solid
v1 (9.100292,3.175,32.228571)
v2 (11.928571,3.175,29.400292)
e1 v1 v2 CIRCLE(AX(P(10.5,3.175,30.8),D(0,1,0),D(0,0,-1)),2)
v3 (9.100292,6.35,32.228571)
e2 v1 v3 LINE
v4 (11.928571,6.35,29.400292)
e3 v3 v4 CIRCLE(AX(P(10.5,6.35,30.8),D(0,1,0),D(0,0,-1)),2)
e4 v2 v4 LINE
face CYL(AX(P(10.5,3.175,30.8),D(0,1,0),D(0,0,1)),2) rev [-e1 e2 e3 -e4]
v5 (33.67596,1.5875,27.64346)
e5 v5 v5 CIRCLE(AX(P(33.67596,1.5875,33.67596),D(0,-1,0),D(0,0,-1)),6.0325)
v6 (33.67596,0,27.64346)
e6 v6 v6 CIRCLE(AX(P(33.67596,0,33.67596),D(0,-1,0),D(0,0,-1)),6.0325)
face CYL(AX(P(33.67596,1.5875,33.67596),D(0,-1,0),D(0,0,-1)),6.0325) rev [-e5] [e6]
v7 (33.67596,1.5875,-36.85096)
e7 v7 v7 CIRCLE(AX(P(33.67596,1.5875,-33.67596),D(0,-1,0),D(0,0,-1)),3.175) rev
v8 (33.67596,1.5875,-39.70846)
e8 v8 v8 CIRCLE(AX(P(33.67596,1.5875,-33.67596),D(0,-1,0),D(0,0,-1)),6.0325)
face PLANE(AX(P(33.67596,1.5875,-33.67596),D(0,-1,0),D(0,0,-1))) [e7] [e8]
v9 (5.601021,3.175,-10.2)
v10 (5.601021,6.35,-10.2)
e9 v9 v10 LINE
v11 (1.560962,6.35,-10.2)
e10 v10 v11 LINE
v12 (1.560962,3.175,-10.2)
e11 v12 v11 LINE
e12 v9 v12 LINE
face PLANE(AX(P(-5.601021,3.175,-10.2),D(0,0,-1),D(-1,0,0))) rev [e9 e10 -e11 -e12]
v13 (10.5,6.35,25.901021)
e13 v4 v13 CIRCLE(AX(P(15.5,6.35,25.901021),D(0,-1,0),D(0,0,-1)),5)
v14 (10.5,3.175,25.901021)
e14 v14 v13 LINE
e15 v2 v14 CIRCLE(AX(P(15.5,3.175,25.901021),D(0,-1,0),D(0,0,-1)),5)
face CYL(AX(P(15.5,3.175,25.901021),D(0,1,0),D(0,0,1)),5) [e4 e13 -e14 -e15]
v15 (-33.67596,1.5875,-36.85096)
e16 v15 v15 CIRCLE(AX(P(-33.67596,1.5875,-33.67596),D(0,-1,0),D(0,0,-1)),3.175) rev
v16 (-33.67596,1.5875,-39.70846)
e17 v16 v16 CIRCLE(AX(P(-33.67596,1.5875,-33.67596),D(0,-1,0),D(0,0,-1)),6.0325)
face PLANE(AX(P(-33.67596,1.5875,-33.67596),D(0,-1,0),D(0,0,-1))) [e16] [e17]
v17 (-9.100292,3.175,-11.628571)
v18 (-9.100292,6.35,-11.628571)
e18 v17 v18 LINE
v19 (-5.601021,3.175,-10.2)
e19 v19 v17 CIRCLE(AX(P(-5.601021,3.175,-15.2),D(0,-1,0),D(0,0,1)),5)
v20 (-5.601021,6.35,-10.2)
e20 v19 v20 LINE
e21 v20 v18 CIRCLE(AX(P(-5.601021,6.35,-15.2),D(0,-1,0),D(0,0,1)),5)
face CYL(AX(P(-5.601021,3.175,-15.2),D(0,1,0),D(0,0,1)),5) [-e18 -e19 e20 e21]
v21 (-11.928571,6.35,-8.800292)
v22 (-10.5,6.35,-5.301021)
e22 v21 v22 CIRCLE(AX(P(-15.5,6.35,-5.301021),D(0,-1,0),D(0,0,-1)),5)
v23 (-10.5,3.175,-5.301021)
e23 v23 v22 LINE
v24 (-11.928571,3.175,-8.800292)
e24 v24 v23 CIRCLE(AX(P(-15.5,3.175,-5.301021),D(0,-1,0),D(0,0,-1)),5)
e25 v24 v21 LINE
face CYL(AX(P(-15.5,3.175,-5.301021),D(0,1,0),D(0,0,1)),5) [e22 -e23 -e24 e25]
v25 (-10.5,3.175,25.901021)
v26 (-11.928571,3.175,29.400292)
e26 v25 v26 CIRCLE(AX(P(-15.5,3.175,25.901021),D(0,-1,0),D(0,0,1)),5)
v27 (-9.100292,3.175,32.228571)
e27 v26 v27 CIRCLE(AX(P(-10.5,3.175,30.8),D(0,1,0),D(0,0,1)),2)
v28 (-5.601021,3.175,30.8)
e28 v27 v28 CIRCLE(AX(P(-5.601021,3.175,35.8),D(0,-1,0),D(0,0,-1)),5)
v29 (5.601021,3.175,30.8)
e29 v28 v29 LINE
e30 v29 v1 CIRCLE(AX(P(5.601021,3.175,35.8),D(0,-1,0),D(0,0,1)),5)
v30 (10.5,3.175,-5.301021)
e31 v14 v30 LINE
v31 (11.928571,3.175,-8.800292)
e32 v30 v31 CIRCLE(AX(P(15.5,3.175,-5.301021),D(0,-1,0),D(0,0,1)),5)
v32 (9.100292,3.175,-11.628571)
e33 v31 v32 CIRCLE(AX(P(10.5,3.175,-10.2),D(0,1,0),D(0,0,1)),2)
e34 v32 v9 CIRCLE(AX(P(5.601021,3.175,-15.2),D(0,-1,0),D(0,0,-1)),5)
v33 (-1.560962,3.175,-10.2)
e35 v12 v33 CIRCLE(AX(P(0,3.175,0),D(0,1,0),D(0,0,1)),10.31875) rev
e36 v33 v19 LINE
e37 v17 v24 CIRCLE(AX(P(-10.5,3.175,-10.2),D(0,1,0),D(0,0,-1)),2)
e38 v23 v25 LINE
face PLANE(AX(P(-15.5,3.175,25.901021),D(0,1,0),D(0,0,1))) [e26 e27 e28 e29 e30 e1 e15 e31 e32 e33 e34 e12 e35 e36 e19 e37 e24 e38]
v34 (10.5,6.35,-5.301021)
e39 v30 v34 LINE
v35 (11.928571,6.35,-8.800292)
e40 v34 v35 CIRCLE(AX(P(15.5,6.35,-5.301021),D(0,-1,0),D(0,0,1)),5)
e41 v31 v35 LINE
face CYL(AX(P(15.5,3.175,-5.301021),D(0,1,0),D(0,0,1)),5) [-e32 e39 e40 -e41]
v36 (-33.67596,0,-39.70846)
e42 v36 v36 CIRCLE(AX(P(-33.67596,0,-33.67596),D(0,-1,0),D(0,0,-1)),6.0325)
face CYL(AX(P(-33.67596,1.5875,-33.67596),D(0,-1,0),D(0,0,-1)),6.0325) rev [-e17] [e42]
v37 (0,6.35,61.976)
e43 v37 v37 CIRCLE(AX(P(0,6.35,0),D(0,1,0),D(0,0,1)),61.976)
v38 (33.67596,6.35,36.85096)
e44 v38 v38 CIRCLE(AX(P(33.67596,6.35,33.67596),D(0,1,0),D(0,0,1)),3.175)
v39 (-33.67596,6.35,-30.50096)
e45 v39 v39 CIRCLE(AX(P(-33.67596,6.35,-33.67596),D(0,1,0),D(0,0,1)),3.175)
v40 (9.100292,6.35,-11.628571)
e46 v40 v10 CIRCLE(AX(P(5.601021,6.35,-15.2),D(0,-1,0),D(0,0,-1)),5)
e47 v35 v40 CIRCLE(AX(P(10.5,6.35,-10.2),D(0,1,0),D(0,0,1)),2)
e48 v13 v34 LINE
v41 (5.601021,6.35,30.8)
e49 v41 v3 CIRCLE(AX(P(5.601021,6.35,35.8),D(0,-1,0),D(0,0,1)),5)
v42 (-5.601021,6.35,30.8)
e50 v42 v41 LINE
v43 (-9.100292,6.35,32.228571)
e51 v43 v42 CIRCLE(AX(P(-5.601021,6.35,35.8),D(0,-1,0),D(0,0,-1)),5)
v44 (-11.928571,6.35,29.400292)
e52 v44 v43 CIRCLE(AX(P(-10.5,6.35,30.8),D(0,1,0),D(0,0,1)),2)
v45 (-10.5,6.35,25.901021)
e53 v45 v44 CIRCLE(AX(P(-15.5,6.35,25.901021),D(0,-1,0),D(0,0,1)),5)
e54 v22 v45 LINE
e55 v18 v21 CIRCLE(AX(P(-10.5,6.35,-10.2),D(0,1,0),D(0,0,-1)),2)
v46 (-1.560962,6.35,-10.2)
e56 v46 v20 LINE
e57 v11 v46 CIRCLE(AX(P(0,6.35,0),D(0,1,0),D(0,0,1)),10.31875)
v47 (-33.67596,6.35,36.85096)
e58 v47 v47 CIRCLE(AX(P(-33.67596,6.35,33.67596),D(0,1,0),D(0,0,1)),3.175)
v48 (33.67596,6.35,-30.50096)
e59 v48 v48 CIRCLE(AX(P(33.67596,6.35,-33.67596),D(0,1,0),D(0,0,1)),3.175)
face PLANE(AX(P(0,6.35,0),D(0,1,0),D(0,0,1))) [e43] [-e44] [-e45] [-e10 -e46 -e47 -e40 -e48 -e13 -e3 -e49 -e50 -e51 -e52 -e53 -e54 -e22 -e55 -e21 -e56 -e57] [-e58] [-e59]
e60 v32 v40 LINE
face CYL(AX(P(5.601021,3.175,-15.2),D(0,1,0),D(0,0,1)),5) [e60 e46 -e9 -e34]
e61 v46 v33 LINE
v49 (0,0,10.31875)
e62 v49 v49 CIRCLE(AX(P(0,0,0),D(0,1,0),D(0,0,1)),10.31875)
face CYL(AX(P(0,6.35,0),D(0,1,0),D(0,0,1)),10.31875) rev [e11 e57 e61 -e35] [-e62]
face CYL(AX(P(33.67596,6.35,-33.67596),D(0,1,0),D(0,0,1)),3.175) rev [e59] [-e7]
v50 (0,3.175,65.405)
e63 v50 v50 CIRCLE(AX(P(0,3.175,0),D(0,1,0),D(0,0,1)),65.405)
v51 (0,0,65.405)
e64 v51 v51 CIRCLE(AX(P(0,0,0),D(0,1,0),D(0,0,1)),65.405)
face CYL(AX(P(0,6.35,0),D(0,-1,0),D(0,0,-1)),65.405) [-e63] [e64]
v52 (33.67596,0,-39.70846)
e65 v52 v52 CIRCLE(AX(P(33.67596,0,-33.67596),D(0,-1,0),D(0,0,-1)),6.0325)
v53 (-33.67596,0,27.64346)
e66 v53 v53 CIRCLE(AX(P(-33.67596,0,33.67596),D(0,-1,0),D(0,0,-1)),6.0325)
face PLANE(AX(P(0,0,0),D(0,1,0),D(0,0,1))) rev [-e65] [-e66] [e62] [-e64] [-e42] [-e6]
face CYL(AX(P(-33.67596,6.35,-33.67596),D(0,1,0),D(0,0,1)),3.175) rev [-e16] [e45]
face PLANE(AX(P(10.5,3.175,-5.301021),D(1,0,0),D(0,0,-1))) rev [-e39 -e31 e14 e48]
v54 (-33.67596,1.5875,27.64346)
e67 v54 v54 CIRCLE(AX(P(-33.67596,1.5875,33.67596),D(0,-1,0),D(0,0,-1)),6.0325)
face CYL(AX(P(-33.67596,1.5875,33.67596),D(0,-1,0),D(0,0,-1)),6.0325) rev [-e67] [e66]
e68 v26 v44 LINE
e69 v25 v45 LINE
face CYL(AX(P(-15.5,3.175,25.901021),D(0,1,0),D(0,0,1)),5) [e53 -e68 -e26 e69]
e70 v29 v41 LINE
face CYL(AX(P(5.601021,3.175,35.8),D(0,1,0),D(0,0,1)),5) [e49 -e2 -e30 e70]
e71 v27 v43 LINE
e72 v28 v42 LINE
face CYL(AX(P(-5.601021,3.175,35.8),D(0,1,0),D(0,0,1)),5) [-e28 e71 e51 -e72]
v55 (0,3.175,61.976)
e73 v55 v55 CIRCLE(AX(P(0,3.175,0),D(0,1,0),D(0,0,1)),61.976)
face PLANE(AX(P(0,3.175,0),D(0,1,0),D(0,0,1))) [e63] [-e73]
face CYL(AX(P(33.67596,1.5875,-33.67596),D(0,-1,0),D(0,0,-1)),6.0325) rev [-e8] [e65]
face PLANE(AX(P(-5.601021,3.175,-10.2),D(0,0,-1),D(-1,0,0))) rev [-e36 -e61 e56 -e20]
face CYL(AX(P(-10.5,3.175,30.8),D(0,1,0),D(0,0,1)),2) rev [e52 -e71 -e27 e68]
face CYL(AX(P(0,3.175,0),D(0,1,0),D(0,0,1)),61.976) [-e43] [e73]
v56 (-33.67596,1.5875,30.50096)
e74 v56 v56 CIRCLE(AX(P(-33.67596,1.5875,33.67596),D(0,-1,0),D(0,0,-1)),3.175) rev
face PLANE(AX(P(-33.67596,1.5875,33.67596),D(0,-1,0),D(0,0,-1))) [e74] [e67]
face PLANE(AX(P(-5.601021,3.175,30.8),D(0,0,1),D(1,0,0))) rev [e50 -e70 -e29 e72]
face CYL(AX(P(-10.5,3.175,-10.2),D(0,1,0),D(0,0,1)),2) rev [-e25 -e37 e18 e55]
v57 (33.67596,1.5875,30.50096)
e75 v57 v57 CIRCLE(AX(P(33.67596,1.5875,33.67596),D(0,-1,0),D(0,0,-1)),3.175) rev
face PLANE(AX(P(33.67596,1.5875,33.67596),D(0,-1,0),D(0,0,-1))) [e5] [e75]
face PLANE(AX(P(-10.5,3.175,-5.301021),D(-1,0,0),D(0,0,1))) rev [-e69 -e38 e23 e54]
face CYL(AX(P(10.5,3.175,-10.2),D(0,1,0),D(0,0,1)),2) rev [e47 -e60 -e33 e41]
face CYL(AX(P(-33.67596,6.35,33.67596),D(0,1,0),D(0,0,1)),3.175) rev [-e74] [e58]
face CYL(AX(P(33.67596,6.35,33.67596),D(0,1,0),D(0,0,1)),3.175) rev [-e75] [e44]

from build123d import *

# Parameters (mm, degrees)
SKETCH2_R                       = 65.405
BOSS_EXTRUDE1_DEPTH             = 6.35
SKETCH4_R                       = 65.405
SKETCH4_R_2                     = 61.976
CUT_EXTRUDE1_DEPTH              = 3.175
F_1_4_0_25_DIAMETER_HOLE1_D     = 6.35
F_13_16_0_8125_DIAMETER_HOLE1_D = 20.6375
CUT_EXTRUDE3_DEPTH              = 3.175
SKETCH9_R                       = 6.0325
CUT_EXTRUDE2_DEPTH              = 1.5875


with BuildPart() as part:
    # Sketch2 → Boss-Extrude1 (new body)
    with BuildSketch(Plane(origin=(0, 0, 0), x_dir=(1, 0, 0), z_dir=(0, 1, 0))):
        Circle(SKETCH2_R)
    extrude(amount=BOSS_EXTRUDE1_DEPTH)

    # Sketch4 → Cut-Extrude1 (cut)
    with BuildSketch(Plane(origin=(0, 6.35, 0), x_dir=(1, 0, 0), z_dir=(0, 1, 0))):
        Circle(SKETCH4_R)
        Circle(SKETCH4_R_2, mode=Mode.SUBTRACT)
    extrude(amount=-CUT_EXTRUDE1_DEPTH, mode=Mode.SUBTRACT)

    # 1/4 (0.25) Diameter Hole1 (through all)
    with Locations(Plane(origin=(0, 6.35, 0), x_dir=(1, 0, 0), z_dir=(0, 1, 0))):
        with Locations((-33.675960454, 33.675960454), (-33.675960454, -33.675960454), (33.675960454, 33.675960454), (33.675960454, -33.675960454)):
            Hole(F_1_4_0_25_DIAMETER_HOLE1_D / 2)

    # 13/16 (0.8125) Diameter Hole1 (through all)
    with Locations(Plane(origin=(0, 6.35, 0), x_dir=(1, 0, 0), z_dir=(0, 1, 0))):
        with Locations((0, 0)):
            Hole(F_13_16_0_8125_DIAMETER_HOLE1_D / 2)

    # Sketch11 → Cut-Extrude3 (cut)
    with BuildSketch(Plane(origin=(0, 6.35, 0), x_dir=(1, 0, 0), z_dir=(0, 1, 0))):
        with BuildLine():
            Line((-5.601020514, 10.2), (5.601020514, 10.2))
            ThreePointArc((5.601020514, 10.2), (7.490842879, 10.570899501), (9.100291576, 11.628571429))
            ThreePointArc((9.100291576, 11.628571429), (11.914213562, 11.614213562), (11.928571429, 8.800291576))
            ThreePointArc((11.928571429, 8.800291576), (10.870899501, 7.190842879), (10.5, 5.301020514))
            Line((10.5, 5.301020514), (10.5, -25.901020514))
            ThreePointArc((10.5, -25.901020514), (10.870899501, -27.790842879), (11.928571429, -29.400291576))
            ThreePointArc((11.928571429, -29.400291576), (11.914213562, -32.214213562), (9.100291576, -32.228571429))
            ThreePointArc((9.100291576, -32.228571429), (7.490842879, -31.170899501), (5.601020514, -30.8))
            Line((5.601020514, -30.8), (-5.601020514, -30.8))
            ThreePointArc((-5.601020514, -30.8), (-7.490842879, -31.170899501), (-9.100291576, -32.228571429))
            ThreePointArc((-9.100291576, -32.228571429), (-11.914213562, -32.214213562), (-11.928571429, -29.400291576))
            ThreePointArc((-11.928571429, -29.400291576), (-10.870899501, -27.790842879), (-10.5, -25.901020514))
            Line((-10.5, -25.901020514), (-10.5, 5.301020514))
            ThreePointArc((-10.5, 5.301020514), (-10.870899501, 7.190842879), (-11.928571429, 8.800291576))
            ThreePointArc((-11.928571429, 8.800291576), (-11.914213562, 11.614213562), (-9.100291576, 11.628571429))
            ThreePointArc((-9.100291576, 11.628571429), (-7.490842879, 10.570899501), (-5.601020514, 10.2))
        make_face()
    extrude(amount=-CUT_EXTRUDE3_DEPTH, mode=Mode.SUBTRACT)

    # Sketch9 → Cut-Extrude2 (cut)
    with BuildSketch(Plane.XZ):
        with Locations((-33.675960454, 33.675960454)):
            Circle(SKETCH9_R)
        with Locations((33.675960454, 33.675960454)):
            Circle(SKETCH9_R)
        with Locations((33.675960454, -33.675960454)):
            Circle(SKETCH9_R)
        with Locations((-33.675960454, -33.675960454)):
            Circle(SKETCH9_R)
    extrude(amount=-CUT_EXTRUDE2_DEPTH, mode=Mode.SUBTRACT)


solid = part.part
